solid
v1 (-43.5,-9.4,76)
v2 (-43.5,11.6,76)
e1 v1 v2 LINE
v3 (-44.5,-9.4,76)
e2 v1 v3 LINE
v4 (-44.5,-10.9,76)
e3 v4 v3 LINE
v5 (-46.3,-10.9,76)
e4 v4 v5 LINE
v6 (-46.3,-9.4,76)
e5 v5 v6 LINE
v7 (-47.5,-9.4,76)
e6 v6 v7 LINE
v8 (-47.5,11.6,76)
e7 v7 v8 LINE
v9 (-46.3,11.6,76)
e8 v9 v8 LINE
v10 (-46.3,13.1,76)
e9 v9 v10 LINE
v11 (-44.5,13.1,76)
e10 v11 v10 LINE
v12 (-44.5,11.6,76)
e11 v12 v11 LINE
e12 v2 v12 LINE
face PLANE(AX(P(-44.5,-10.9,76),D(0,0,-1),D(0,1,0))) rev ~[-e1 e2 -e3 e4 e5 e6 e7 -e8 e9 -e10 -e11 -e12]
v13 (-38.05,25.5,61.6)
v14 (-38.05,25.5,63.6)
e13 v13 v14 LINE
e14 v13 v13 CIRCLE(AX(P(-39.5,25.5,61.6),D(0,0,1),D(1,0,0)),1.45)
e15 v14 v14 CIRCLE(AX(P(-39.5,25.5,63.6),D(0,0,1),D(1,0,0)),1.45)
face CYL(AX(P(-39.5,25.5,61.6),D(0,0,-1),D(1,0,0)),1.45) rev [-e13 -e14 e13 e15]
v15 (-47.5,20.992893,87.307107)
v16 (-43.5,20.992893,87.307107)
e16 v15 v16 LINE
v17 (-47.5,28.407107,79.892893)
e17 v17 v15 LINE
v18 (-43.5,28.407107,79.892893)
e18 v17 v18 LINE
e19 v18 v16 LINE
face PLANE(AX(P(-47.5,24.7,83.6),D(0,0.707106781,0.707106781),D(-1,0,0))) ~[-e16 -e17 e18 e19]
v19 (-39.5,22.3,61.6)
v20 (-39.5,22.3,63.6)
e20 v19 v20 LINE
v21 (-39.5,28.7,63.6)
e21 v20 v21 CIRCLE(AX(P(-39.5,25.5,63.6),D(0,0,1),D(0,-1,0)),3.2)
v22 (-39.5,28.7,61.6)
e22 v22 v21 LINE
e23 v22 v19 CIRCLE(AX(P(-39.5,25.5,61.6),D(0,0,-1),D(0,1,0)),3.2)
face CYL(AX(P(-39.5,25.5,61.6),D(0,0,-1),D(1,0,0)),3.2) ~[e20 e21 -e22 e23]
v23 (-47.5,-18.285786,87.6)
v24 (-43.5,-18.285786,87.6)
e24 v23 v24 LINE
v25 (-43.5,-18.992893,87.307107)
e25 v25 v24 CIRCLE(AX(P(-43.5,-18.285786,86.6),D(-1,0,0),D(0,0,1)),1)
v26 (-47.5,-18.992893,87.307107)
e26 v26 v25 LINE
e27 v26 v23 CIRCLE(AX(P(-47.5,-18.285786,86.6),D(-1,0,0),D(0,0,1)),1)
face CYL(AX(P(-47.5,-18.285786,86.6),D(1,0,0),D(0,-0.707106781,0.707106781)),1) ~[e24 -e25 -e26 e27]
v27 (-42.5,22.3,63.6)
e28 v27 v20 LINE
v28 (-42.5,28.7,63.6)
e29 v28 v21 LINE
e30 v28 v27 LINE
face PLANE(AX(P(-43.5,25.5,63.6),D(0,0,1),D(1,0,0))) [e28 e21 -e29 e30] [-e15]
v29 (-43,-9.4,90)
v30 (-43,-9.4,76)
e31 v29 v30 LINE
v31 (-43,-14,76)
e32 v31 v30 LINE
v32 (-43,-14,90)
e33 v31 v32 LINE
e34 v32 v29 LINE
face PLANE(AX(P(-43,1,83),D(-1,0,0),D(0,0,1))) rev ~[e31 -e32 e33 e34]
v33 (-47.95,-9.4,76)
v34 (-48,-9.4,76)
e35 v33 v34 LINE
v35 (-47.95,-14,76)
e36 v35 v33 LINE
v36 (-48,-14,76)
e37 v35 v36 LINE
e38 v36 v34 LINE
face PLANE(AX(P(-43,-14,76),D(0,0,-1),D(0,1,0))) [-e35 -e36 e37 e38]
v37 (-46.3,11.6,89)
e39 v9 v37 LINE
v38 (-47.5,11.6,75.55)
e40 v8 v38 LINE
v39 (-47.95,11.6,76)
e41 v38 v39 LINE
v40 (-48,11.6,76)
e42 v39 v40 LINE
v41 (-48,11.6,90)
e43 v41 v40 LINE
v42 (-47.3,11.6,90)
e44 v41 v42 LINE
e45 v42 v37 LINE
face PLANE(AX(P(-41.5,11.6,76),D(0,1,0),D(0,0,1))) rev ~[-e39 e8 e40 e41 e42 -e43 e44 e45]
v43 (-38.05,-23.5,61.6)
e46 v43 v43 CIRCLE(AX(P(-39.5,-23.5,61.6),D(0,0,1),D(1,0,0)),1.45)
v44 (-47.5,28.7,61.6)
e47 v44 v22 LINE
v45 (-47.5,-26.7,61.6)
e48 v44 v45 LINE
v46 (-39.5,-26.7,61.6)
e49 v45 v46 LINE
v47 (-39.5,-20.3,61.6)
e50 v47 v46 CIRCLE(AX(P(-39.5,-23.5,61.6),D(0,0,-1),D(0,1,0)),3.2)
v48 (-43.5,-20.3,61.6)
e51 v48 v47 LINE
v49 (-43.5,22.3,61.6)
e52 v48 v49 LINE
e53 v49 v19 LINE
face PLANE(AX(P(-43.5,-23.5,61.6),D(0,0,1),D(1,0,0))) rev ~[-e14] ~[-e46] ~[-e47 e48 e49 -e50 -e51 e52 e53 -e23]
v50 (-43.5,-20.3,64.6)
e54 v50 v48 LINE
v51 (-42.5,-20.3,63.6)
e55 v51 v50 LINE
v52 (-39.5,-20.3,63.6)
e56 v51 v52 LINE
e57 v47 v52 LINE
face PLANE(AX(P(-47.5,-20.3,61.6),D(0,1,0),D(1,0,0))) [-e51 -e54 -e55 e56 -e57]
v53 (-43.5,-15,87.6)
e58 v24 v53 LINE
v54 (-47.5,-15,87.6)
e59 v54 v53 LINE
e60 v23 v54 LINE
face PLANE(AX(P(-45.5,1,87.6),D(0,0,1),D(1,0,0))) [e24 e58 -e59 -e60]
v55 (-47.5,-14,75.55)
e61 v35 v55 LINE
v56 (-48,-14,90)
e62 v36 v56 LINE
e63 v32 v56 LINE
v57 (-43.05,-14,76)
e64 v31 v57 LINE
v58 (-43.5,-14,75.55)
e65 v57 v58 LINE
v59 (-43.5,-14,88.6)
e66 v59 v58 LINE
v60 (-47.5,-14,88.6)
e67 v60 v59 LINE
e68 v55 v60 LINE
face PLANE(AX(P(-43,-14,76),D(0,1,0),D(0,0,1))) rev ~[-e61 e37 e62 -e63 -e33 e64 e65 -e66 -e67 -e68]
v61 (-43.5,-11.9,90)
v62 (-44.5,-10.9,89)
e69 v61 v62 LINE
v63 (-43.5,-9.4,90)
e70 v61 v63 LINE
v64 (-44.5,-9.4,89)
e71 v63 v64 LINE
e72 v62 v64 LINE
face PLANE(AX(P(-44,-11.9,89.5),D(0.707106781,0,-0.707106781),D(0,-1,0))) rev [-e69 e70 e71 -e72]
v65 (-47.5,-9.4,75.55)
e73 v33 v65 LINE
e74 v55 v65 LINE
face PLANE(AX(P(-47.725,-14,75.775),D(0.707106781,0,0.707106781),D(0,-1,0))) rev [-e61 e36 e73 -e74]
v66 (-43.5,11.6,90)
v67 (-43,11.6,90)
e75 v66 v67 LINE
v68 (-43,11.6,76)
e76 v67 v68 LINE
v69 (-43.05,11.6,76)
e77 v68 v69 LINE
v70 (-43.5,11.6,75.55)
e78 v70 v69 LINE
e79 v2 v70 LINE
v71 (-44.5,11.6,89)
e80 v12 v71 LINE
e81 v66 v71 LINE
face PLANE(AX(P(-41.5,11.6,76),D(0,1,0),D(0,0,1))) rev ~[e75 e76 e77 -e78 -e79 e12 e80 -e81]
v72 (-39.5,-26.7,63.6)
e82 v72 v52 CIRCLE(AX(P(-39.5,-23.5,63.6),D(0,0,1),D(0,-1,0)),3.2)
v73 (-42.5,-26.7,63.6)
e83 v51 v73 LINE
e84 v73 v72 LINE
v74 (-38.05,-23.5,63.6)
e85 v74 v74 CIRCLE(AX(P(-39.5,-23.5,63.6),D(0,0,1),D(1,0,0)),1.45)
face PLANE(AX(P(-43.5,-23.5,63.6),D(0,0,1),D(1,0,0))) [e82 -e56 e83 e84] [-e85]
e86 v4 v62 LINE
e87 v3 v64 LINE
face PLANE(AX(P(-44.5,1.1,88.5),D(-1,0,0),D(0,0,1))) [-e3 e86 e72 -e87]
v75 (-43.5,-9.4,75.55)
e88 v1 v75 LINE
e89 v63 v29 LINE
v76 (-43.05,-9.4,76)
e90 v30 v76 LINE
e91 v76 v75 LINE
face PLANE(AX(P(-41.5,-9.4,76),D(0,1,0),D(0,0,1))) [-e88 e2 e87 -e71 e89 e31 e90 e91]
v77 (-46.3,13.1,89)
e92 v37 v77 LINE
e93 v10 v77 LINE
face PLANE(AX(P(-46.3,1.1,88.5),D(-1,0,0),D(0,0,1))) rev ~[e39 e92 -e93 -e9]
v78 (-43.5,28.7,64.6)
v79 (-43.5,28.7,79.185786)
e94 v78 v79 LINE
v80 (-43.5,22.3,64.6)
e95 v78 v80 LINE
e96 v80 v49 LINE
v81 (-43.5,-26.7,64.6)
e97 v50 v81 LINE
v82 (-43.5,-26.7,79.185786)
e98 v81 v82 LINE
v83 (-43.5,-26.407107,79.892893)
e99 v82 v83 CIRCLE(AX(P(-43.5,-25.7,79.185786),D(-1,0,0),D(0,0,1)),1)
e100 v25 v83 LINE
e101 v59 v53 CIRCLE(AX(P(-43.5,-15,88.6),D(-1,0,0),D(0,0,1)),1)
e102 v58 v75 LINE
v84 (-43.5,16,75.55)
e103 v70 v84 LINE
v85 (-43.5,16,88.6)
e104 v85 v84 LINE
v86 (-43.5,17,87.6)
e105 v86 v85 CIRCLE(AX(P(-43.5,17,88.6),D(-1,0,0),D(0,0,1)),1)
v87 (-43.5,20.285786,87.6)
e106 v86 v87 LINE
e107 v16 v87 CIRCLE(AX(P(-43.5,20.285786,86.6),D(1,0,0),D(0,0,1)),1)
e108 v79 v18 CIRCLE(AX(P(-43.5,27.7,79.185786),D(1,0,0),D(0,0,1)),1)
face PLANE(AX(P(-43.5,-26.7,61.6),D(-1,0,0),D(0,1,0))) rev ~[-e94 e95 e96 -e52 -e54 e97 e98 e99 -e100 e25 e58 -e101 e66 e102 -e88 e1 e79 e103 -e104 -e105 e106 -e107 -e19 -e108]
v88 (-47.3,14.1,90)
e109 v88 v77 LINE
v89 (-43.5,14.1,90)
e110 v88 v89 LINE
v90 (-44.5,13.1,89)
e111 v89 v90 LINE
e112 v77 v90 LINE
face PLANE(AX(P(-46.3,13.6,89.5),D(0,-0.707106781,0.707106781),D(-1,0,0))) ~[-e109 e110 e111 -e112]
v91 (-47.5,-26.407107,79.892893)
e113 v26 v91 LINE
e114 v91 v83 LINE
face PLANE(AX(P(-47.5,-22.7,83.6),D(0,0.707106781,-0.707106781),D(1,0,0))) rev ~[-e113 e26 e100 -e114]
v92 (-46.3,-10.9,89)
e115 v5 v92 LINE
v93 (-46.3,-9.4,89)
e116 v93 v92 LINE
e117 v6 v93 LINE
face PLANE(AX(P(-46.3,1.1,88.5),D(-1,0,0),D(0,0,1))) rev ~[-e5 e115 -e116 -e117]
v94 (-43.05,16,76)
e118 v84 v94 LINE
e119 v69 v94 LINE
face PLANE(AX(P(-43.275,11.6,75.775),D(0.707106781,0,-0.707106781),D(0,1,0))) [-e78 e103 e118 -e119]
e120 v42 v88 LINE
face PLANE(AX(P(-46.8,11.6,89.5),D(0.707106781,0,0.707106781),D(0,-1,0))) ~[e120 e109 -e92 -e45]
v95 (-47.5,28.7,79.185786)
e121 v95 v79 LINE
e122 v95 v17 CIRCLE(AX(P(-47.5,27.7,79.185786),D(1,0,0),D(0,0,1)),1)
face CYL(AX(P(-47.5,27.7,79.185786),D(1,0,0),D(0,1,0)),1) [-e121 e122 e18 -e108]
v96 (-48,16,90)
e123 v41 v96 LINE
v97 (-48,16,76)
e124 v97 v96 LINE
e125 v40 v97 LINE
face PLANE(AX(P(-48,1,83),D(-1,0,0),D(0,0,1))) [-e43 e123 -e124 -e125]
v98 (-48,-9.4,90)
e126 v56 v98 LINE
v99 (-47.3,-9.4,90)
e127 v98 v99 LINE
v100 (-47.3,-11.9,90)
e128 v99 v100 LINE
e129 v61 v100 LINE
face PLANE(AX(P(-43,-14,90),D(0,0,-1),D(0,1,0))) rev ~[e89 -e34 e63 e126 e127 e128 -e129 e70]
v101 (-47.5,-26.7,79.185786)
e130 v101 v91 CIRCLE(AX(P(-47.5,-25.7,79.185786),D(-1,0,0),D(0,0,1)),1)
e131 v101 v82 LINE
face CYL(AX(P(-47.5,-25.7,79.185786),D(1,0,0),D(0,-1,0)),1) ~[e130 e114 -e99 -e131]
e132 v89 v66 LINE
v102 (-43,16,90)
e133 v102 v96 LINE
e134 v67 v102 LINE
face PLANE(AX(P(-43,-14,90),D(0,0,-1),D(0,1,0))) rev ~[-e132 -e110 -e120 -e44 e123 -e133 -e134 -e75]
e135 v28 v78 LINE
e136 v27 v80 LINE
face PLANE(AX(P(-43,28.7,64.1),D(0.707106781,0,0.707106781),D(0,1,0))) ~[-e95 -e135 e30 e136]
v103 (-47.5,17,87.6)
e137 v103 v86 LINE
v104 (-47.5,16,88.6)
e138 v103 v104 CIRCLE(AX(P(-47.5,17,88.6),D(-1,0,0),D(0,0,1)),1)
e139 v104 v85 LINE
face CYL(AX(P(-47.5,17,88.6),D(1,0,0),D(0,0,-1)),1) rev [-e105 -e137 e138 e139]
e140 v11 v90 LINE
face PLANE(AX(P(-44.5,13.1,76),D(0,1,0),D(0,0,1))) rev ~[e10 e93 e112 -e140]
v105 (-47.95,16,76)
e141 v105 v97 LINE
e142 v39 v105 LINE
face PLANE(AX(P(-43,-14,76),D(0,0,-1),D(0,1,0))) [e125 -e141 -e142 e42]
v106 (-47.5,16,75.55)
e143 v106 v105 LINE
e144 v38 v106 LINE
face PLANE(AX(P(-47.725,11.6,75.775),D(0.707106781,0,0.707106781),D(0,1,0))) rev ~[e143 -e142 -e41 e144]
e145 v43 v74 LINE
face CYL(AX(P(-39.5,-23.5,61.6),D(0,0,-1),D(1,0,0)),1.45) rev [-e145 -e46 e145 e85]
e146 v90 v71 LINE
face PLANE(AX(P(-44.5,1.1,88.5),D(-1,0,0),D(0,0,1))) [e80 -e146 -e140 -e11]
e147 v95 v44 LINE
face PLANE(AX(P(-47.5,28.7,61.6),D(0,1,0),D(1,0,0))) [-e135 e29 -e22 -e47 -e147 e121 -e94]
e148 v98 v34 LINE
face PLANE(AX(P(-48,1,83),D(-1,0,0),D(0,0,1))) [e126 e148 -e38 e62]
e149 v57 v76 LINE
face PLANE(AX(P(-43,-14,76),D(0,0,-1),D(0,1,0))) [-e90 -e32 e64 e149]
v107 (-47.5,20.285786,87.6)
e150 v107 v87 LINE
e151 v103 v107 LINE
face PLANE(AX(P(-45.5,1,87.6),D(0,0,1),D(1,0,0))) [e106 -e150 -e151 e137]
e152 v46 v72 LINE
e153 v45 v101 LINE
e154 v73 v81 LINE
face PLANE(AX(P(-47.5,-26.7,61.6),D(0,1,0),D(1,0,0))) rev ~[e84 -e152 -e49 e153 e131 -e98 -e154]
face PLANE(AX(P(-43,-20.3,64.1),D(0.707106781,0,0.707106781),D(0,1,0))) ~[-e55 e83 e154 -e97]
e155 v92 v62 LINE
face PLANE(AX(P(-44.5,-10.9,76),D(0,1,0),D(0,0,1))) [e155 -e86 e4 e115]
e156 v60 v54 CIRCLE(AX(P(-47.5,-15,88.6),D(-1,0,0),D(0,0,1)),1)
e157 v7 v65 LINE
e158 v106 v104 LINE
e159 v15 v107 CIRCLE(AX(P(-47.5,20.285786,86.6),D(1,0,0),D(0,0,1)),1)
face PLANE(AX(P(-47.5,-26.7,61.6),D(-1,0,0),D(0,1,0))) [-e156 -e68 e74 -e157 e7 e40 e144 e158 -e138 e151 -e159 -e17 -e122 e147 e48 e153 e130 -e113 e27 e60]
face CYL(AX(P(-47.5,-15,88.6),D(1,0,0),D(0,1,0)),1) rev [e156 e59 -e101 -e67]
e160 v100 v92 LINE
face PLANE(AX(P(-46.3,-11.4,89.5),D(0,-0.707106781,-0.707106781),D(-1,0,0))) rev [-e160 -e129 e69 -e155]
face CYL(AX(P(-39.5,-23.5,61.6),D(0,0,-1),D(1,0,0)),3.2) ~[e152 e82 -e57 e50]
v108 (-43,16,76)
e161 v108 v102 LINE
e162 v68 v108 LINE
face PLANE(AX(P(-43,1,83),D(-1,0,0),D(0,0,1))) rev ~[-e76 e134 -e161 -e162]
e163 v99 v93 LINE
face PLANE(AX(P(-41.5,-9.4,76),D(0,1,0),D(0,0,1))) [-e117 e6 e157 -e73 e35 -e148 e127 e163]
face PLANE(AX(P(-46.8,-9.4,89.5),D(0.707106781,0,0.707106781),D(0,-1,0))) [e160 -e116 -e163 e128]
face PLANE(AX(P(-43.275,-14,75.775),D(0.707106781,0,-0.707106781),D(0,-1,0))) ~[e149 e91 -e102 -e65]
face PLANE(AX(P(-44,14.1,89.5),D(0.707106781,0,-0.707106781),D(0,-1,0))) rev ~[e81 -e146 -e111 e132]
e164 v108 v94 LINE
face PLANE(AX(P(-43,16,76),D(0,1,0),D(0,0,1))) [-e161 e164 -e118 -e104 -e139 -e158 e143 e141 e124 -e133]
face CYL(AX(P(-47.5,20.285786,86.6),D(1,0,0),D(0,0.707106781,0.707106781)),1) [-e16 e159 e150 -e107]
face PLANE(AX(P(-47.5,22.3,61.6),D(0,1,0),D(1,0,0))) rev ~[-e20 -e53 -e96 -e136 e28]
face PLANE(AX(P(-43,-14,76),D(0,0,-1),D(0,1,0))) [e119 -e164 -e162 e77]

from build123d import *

# Parameters (mm, degrees)
BOX088_W           = 25
BOX088_H           = 24
BOX088_DEPTH       = 1.8
BOX088_PITCH_ANGLE = -90
BOX089_W           = 25
BOX089_H           = 21
BOX089_DEPTH       = 10
BOX089_PITCH_ANGLE = -90
CYLINDER297_R      = 1.45
CYLINDER297_DEPTH  = 2
BOX085_W           = 8
BOX085_H           = 6.4
BOX085_DEPTH       = 2
CYLINDER298_R      = 3.2
CYLINDER298_DEPTH  = 2
BOX086_W           = 4
BOX086_H           = 55.4
BOX086_DEPTH       = 26
CYLINDER295_R      = 1.45
CYLINDER295_DEPTH  = 2
BOX084_W           = 8
BOX084_H           = 6.4
BOX084_DEPTH       = 2
CYLINDER296_R      = 3.2
CYLINDER296_DEPTH  = 2
CHAMFER_SIZE       = 1
BOX087_W           = 14
BOX087_H           = 30
BOX087_DEPTH       = 5
BOX087_PITCH_ANGLE = -90
CHAMFER001_SIZE    = 8
FILLET_R           = 1
FILLET001_R        = 1
CHAMFER002_SIZE    = 1
CHAMFER003_SIZE    = 1
CHAMFER004_SIZE    = 0.45


with BuildPart() as cubo088:
    # Box088 → Box088 (new body)
    with BuildSketch(Plane.XY):
        with Locations((12.5, 12)):
            Rectangle(BOX088_W, BOX088_H)
    extrude(amount=BOX088_DEPTH)


with BuildPart() as cubo088_1:
    # Box088 pitch: moved
    add(cubo088.part.rotate(Axis((0, 0, 0), (0, 1, 0)), BOX088_PITCH_ANGLE))


with BuildPart() as cubo088_2:
    # Box088 placement: moved
    add(cubo088_1.part.moved(Location((-44, -10.2, 76))))


with BuildPart() as fusion128:
    # Box089 → Box089 (new body)
    with BuildSketch(Plane.XY):
        with Locations((12.5, 10.5)):
            Rectangle(BOX089_W, BOX089_H)
    extrude(amount=BOX089_DEPTH)


with BuildPart() as fusion128_1:
    # Box089 pitch: moved
    add(fusion128.part.rotate(Axis((0, 0, 0), (0, 1, 0)), BOX089_PITCH_ANGLE))


with BuildPart() as fusion128_2:
    # Box089 placement: moved
    add(fusion128_1.part.moved(Location((-41, -8.7, 76))))

    # Fusion128: union Cubo088
    add(cubo088_2.part)


with BuildPart() as fusion128_3:
    # Fusion128 placement: moved
    add(fusion128_2.part.moved(Location((-0.5, -0.7, 0))))


with BuildPart() as cilindro297:
    # Cylinder297 → Cylinder297 (new body)
    with BuildSketch(Plane.XY):
        Circle(CYLINDER297_R)
    extrude(amount=CYLINDER297_DEPTH)


with BuildPart() as cubo085:
    # Box085 → Box085 (new body)
    with BuildSketch(Plane(origin=(-8, -3.2, 0), x_dir=(1, 0, 0), z_dir=(0, 0, 1))):
        with Locations((4, 3.2)):
            Rectangle(BOX085_W, BOX085_H)
    extrude(amount=BOX085_DEPTH)


with BuildPart() as cut009:
    # Cylinder298 → Cylinder298 (new body)
    with BuildSketch(Plane.XY):
        Circle(CYLINDER298_R)
    extrude(amount=CYLINDER298_DEPTH)

    # Fusion126: union Cubo085
    add(cubo085.part)

    # Cut009: cut Cilindro297
    add(cilindro297.part, mode=Mode.SUBTRACT)


with BuildPart() as cut009_1:
    # Cut009 placement: moved
    add(cut009.part.moved(Location((-39.5, 25.5, 61.6))))


with BuildPart() as cubo086:
    # Box086 → Box086 (new body)
    with BuildSketch(Plane(origin=(-47.5, -26.7, 61.6), x_dir=(1, 0, 0), z_dir=(0, 0, 1))):
        with Locations((2, 27.7)):
            Rectangle(BOX086_W, BOX086_H)
    extrude(amount=BOX086_DEPTH)


with BuildPart() as cilindro295:
    # Cylinder295 → Cylinder295 (new body)
    with BuildSketch(Plane.XY):
        Circle(CYLINDER295_R)
    extrude(amount=CYLINDER295_DEPTH)


with BuildPart() as cubo084:
    # Box084 → Box084 (new body)
    with BuildSketch(Plane(origin=(-8, -3.2, 0), x_dir=(1, 0, 0), z_dir=(0, 0, 1))):
        with Locations((4, 3.2)):
            Rectangle(BOX084_W, BOX084_H)
    extrude(amount=BOX084_DEPTH)


with BuildPart() as chamfer_body:
    # Cylinder296 → Cylinder296 (new body)
    with BuildSketch(Plane.XY):
        Circle(CYLINDER296_R)
    extrude(amount=CYLINDER296_DEPTH)

    # Fusion125: union Cubo084
    add(cubo084.part)

    # Cut008: cut Cilindro295
    add(cilindro295.part, mode=Mode.SUBTRACT)


with BuildPart() as chamfer_body_1:
    # Cut008 placement: moved
    add(chamfer_body.part.moved(Location((-39.5, -23.5, 61.6))))

    # Fusion127: union Cut009, Cubo086
    add(cut009_1.part)
    add(cubo086.part)

    # Chamfer
    chamfer_edges = [chamfer_body_1.edges().sort_by_distance(p)[0] for p in [
        (-43.5, 25.5, 63.6),
        (-43.5, -23.5, 63.6),
    ]]
    chamfer(chamfer_edges, length=CHAMFER_SIZE)


with BuildPart() as chamfer004:
    # Box087 → Box087 (new body)
    with BuildSketch(Plane.XY):
        with Locations((7, 15)):
            Rectangle(BOX087_W, BOX087_H)
    extrude(amount=BOX087_DEPTH)


with BuildPart() as chamfer004_1:
    # Box087 pitch: moved
    add(chamfer004.part.rotate(Axis((0, 0, 0), (0, 1, 0)), BOX087_PITCH_ANGLE))


with BuildPart() as chamfer004_2:
    # Box087 placement: moved
    add(chamfer004_1.part.moved(Location((-43, -14, 76))))

    # Fusion129: union Chamfer body
    add(chamfer_body_1.part)

    # Cut010: cut Fusion128
    add(fusion128_3.part, mode=Mode.SUBTRACT)

    # Chamfer001
    chamfer001_edges = [chamfer004_2.edges().sort_by_distance(p)[0] for p in [
        (-45.5, -26.7, 87.6),
        (-45.5, 28.7, 87.6),
    ]]
    chamfer(chamfer001_edges, length=CHAMFER001_SIZE)

    # Fillet
    fillet_edges = [chamfer004_2.edges().sort_by_distance(p)[0] for p in [
        (-45.5, -26.7, 79.6),
        (-45.5, -18.7, 87.6),
        (-45.5, 20.7, 87.6),
        (-45.5, 28.7, 79.6),
    ]]
    fillet(fillet_edges, radius=FILLET_R)

    # Fillet001
    fillet001_edges = [chamfer004_2.edges().sort_by_distance(p)[0] for p in [
        (-45.5, -14, 87.6),
        (-45.5, 16, 87.6),
    ]]
    fillet(fillet001_edges, radius=FILLET001_R)

    # Chamfer002
    chamfer002_edges = [chamfer004_2.edges().sort_by_distance(p)[0] for p in [
        (-45.4, -10.9, 90),
        (-45.4, 13.1, 90),
    ]]
    chamfer(chamfer002_edges, length=CHAMFER002_SIZE)

    # Chamfer003
    chamfer003_edges = [chamfer004_2.edges().sort_by_distance(p)[0] for p in [
        (-44.5, -10.15, 90),
        (-46.3, -10.15, 90),
        (-44.5, 12.35, 90),
        (-46.3, 12.35, 90),
    ]]
    chamfer(chamfer003_edges, length=CHAMFER003_SIZE)

    # Chamfer004
    chamfer004_edges = [chamfer004_2.edges().sort_by_distance(p)[0] for p in [
        (-43.5, -11.7, 76),
        (-47.5, -11.7, 76),
        (-47.5, 13.8, 76),
        (-43.5, 13.8, 76),
    ]]
    chamfer(chamfer004_edges, length=CHAMFER004_SIZE)


solid = chamfer004_2.part
